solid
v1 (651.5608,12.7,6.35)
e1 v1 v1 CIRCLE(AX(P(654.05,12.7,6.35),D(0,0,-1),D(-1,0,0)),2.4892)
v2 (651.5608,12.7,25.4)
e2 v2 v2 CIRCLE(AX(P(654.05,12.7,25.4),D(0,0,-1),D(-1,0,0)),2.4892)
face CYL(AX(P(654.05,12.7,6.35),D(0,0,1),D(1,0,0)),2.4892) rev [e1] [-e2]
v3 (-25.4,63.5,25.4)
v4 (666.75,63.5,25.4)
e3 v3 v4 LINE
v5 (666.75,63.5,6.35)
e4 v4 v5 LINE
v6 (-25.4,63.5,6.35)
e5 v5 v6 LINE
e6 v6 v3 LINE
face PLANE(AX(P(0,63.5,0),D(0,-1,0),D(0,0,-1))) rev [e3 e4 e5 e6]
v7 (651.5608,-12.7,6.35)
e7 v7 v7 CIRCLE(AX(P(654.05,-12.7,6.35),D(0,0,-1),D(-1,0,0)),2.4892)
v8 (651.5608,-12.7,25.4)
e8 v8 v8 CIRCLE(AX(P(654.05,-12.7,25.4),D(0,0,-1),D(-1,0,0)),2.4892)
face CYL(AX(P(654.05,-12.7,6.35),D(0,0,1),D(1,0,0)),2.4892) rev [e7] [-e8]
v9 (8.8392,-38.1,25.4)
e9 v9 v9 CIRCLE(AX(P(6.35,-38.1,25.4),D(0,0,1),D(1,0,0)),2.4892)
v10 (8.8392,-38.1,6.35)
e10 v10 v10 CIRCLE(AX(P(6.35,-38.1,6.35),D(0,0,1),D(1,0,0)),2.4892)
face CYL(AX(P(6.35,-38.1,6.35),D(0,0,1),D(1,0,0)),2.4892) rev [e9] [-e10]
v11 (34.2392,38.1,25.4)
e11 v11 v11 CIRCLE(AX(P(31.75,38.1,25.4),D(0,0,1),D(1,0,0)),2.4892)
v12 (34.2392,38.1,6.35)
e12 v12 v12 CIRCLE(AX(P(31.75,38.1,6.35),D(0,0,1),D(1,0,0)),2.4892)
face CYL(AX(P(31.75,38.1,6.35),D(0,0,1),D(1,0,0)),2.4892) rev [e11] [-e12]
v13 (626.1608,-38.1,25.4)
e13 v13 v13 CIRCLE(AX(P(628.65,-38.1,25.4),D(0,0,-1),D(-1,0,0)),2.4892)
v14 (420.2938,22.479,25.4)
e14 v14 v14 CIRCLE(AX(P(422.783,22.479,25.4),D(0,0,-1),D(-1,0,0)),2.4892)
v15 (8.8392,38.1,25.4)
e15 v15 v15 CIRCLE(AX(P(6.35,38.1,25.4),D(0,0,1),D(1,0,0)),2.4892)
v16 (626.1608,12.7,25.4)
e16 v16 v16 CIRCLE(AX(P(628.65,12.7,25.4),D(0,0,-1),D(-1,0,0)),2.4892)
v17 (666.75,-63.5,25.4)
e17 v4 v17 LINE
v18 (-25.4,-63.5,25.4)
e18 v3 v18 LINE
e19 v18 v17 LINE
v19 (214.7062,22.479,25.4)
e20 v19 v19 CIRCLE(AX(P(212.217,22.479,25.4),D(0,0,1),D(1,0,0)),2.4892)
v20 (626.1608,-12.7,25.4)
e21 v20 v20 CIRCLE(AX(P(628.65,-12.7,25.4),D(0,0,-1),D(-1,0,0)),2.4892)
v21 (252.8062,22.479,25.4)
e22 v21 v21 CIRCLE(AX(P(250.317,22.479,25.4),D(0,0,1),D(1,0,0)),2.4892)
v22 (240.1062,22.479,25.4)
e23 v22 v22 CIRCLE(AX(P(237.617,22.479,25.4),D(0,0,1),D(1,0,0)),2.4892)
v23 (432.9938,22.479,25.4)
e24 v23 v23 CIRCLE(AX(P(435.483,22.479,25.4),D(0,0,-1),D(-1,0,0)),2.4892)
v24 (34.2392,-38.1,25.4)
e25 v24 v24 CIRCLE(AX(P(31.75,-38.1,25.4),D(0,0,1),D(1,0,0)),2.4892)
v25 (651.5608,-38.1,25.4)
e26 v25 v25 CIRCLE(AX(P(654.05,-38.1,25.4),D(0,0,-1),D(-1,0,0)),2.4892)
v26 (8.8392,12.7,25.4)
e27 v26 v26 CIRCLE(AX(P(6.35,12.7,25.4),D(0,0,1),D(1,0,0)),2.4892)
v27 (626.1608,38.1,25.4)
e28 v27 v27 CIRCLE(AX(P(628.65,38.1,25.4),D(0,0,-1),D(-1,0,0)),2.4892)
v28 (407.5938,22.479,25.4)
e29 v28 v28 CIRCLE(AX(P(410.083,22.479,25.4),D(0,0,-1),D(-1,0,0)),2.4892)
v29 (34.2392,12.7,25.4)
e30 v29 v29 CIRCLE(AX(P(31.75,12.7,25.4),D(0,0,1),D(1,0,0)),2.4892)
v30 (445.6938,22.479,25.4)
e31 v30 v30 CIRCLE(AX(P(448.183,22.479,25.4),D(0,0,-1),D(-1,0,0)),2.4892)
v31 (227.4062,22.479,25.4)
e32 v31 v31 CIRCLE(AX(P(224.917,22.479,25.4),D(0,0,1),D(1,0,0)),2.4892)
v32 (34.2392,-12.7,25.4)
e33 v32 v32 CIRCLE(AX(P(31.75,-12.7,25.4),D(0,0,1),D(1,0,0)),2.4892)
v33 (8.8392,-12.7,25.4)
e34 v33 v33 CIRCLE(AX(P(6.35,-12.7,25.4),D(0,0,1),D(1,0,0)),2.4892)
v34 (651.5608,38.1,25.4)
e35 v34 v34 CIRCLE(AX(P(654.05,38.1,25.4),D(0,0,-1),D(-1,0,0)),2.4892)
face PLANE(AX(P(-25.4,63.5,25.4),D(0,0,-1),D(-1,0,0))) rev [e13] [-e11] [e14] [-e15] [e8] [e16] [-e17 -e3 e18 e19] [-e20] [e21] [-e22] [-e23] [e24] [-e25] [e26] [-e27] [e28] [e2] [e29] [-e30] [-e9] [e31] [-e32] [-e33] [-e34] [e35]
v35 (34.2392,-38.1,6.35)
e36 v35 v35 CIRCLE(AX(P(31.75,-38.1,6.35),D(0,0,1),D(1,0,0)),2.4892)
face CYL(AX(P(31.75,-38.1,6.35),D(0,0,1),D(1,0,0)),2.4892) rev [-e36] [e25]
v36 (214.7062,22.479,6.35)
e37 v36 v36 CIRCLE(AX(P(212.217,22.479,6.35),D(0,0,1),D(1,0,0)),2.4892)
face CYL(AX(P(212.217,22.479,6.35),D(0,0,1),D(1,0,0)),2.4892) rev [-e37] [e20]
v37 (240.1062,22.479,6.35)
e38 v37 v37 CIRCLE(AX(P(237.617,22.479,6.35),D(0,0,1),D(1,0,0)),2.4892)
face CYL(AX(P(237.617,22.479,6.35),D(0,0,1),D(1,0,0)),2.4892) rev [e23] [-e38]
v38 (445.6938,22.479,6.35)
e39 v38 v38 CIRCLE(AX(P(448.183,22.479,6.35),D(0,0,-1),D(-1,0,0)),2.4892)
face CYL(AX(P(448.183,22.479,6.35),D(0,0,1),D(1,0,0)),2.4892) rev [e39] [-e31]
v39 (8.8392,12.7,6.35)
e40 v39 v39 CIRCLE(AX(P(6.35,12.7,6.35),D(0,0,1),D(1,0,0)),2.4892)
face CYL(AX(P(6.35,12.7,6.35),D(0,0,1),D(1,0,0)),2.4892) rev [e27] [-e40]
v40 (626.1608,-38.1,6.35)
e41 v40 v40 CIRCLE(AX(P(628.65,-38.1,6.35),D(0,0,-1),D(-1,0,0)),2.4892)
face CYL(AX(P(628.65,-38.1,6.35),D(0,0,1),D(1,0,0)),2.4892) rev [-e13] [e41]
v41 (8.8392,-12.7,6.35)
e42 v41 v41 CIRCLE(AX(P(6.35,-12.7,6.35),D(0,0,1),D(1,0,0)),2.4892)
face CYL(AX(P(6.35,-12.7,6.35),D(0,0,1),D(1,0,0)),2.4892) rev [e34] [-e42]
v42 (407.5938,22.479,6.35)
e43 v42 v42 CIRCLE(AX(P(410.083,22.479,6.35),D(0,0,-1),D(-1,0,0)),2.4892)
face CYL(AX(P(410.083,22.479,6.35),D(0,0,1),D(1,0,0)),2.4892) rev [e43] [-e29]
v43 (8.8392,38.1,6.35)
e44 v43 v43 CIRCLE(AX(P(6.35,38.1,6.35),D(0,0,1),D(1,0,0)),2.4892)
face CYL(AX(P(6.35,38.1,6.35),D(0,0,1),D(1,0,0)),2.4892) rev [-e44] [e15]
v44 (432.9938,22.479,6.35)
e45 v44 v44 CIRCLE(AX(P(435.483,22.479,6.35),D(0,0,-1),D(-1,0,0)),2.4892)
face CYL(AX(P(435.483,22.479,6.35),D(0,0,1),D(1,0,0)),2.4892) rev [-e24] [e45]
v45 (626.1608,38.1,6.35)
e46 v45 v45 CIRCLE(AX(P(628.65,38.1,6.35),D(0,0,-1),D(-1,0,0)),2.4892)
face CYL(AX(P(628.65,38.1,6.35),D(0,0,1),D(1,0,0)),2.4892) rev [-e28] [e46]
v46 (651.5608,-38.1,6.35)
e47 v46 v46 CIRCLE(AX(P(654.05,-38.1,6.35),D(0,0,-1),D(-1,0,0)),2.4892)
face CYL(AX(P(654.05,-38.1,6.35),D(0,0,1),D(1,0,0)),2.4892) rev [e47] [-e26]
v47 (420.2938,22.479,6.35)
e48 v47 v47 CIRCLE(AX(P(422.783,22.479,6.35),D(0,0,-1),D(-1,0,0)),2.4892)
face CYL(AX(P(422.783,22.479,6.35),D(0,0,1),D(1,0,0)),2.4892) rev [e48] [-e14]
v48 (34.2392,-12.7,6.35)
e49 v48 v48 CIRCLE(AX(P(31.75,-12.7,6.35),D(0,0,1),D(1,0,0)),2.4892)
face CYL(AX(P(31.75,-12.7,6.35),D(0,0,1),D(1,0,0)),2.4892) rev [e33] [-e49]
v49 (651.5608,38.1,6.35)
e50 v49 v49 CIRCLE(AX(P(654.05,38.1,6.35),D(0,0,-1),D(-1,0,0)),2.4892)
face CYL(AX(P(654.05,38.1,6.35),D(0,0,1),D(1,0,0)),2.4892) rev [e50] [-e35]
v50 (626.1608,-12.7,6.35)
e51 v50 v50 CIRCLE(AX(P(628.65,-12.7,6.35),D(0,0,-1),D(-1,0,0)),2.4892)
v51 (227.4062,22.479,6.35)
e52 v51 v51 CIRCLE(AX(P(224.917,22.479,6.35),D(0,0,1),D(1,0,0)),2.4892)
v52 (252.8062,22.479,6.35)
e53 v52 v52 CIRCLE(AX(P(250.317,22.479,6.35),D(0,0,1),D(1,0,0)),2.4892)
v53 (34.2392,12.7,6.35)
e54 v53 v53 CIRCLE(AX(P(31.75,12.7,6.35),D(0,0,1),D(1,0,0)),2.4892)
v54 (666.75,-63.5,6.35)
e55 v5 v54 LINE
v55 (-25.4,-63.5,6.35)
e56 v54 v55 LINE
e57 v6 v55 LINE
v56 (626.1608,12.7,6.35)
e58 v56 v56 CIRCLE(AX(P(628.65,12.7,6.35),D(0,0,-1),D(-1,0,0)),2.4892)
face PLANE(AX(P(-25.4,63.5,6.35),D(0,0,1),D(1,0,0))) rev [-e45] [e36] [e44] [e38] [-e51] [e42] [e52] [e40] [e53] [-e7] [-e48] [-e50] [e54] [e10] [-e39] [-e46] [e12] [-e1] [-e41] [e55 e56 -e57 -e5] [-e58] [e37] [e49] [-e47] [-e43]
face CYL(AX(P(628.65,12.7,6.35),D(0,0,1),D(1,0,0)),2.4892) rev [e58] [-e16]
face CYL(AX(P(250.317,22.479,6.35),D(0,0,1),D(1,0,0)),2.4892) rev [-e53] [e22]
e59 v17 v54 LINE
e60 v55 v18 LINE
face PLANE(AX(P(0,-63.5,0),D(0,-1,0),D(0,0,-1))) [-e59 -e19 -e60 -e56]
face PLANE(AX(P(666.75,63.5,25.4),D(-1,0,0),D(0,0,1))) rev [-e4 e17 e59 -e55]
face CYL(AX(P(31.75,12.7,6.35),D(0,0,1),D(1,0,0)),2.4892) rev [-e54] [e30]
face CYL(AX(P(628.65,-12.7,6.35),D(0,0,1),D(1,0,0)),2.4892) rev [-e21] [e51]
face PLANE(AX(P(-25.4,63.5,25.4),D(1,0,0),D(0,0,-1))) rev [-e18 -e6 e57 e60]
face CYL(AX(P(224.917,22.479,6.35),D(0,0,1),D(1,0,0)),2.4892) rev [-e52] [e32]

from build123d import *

# Parameters (mm, degrees)
SKETCH1_W               = 692.15
SKETCH1_H               = 19.05
BOSS_EXTRUDE1_DEPTH     = 63.5
SKETCH2_R               = 2.4892
CUT_EXTRUDE1_DEPTH      = 671.037845946
LPATTERN1_COUNT         = 4
LPATTERN1_PITCH         = 25.4
SKETCH3_R               = 2.4892
CUT_EXTRUDE2_DEPTH      = 671.037845946
MIRROR1_COPY_1_SKETCH_R = 2.4892
MIRROR1_COPY_1_DEPTH    = 671.037845946
MIRROR1_COPY_2_SKETCH_R = 2.4892
MIRROR1_COPY_2_DEPTH    = 671.037845946
MIRROR1_COPY_3_SKETCH_R = 2.4892
MIRROR1_COPY_3_DEPTH    = 671.037845946


with BuildPart() as part:
    # Sketch1 → Boss-Extrude1 (new, symmetric)
    with BuildSketch(Plane(origin=(0, 0, 0), x_dir=(1, 0, 0), z_dir=(0, 1, 0))):
        with Locations((320.675, -15.875)):
            Rectangle(SKETCH1_W, SKETCH1_H)
    extrude(amount=BOSS_EXTRUDE1_DEPTH, both=True)

    # Sketch2 → Cut-Extrude1 (cut, through all)
    with BuildSketch(Plane.XY.offset(25.4)):
        with Locations((6.35, -38.1)):
            Circle(SKETCH2_R)
        with Locations((31.75, -38.1)):
            Circle(SKETCH2_R)
    cut_extrude1 = extrude(amount=-CUT_EXTRUDE1_DEPTH, mode=Mode.SUBTRACT)

    # LPattern1: Cut-Extrude1 ×4
    with Locations(*[(0, i * LPATTERN1_PITCH, 0) for i in range(1, LPATTERN1_COUNT)]):
        add(cut_extrude1, mode=Mode.SUBTRACT)

    # Sketch3 → Cut-Extrude2 (cut, through all)
    with BuildSketch(Plane.XY.offset(25.4)):
        with Locations((212.217, 22.479)):
            Circle(SKETCH3_R)
        with Locations((224.917, 22.479)):
            Circle(SKETCH3_R)
        with Locations((237.617, 22.479)):
            Circle(SKETCH3_R)
        with Locations((250.317, 22.479)):
            Circle(SKETCH3_R)
    cut_extrude2 = extrude(amount=-CUT_EXTRUDE2_DEPTH, mode=Mode.SUBTRACT)

    # Mirror1: Cut-Extrude1, Cut-Extrude2 across plane
    add(cut_extrude1.mirror(Plane(origin=(330.2, 0, 0), x_dir=(0, 0, 1), z_dir=(1, 0, 0))), mode=Mode.SUBTRACT)
    add(cut_extrude2.mirror(Plane(origin=(330.2, 0, 0), x_dir=(0, 0, 1), z_dir=(1, 0, 0))), mode=Mode.SUBTRACT)

    # Mirror1 copy 1 sketch → Mirror1 copy 1 (cut, through all)
    with BuildSketch(Plane(origin=(660.4, 25.4, 25.4), x_dir=(-1, 0, 0), z_dir=(0, 0, 1))):
        with Locations((6.35, 38.1)):
            Circle(MIRROR1_COPY_1_SKETCH_R)
        with Locations((31.75, 38.1)):
            Circle(MIRROR1_COPY_1_SKETCH_R)
    extrude(amount=-MIRROR1_COPY_1_DEPTH, mode=Mode.SUBTRACT)

    # Mirror1 copy 2 sketch → Mirror1 copy 2 (cut, through all)
    with BuildSketch(Plane(origin=(660.4, 50.8, 25.4), x_dir=(-1, 0, 0), z_dir=(0, 0, 1))):
        with Locations((6.35, 38.1)):
            Circle(MIRROR1_COPY_2_SKETCH_R)
        with Locations((31.75, 38.1)):
            Circle(MIRROR1_COPY_2_SKETCH_R)
    extrude(amount=-MIRROR1_COPY_2_DEPTH, mode=Mode.SUBTRACT)

    # Mirror1 copy 3 sketch → Mirror1 copy 3 (cut, through all)
    with BuildSketch(Plane(origin=(660.4, 76.2, 25.4), x_dir=(-1, 0, 0), z_dir=(0, 0, 1))):
        with Locations((6.35, 38.1)):
            Circle(MIRROR1_COPY_3_SKETCH_R)
        with Locations((31.75, 38.1)):
            Circle(MIRROR1_COPY_3_SKETCH_R)
    extrude(amount=-MIRROR1_COPY_3_DEPTH, mode=Mode.SUBTRACT)


solid = part.part
